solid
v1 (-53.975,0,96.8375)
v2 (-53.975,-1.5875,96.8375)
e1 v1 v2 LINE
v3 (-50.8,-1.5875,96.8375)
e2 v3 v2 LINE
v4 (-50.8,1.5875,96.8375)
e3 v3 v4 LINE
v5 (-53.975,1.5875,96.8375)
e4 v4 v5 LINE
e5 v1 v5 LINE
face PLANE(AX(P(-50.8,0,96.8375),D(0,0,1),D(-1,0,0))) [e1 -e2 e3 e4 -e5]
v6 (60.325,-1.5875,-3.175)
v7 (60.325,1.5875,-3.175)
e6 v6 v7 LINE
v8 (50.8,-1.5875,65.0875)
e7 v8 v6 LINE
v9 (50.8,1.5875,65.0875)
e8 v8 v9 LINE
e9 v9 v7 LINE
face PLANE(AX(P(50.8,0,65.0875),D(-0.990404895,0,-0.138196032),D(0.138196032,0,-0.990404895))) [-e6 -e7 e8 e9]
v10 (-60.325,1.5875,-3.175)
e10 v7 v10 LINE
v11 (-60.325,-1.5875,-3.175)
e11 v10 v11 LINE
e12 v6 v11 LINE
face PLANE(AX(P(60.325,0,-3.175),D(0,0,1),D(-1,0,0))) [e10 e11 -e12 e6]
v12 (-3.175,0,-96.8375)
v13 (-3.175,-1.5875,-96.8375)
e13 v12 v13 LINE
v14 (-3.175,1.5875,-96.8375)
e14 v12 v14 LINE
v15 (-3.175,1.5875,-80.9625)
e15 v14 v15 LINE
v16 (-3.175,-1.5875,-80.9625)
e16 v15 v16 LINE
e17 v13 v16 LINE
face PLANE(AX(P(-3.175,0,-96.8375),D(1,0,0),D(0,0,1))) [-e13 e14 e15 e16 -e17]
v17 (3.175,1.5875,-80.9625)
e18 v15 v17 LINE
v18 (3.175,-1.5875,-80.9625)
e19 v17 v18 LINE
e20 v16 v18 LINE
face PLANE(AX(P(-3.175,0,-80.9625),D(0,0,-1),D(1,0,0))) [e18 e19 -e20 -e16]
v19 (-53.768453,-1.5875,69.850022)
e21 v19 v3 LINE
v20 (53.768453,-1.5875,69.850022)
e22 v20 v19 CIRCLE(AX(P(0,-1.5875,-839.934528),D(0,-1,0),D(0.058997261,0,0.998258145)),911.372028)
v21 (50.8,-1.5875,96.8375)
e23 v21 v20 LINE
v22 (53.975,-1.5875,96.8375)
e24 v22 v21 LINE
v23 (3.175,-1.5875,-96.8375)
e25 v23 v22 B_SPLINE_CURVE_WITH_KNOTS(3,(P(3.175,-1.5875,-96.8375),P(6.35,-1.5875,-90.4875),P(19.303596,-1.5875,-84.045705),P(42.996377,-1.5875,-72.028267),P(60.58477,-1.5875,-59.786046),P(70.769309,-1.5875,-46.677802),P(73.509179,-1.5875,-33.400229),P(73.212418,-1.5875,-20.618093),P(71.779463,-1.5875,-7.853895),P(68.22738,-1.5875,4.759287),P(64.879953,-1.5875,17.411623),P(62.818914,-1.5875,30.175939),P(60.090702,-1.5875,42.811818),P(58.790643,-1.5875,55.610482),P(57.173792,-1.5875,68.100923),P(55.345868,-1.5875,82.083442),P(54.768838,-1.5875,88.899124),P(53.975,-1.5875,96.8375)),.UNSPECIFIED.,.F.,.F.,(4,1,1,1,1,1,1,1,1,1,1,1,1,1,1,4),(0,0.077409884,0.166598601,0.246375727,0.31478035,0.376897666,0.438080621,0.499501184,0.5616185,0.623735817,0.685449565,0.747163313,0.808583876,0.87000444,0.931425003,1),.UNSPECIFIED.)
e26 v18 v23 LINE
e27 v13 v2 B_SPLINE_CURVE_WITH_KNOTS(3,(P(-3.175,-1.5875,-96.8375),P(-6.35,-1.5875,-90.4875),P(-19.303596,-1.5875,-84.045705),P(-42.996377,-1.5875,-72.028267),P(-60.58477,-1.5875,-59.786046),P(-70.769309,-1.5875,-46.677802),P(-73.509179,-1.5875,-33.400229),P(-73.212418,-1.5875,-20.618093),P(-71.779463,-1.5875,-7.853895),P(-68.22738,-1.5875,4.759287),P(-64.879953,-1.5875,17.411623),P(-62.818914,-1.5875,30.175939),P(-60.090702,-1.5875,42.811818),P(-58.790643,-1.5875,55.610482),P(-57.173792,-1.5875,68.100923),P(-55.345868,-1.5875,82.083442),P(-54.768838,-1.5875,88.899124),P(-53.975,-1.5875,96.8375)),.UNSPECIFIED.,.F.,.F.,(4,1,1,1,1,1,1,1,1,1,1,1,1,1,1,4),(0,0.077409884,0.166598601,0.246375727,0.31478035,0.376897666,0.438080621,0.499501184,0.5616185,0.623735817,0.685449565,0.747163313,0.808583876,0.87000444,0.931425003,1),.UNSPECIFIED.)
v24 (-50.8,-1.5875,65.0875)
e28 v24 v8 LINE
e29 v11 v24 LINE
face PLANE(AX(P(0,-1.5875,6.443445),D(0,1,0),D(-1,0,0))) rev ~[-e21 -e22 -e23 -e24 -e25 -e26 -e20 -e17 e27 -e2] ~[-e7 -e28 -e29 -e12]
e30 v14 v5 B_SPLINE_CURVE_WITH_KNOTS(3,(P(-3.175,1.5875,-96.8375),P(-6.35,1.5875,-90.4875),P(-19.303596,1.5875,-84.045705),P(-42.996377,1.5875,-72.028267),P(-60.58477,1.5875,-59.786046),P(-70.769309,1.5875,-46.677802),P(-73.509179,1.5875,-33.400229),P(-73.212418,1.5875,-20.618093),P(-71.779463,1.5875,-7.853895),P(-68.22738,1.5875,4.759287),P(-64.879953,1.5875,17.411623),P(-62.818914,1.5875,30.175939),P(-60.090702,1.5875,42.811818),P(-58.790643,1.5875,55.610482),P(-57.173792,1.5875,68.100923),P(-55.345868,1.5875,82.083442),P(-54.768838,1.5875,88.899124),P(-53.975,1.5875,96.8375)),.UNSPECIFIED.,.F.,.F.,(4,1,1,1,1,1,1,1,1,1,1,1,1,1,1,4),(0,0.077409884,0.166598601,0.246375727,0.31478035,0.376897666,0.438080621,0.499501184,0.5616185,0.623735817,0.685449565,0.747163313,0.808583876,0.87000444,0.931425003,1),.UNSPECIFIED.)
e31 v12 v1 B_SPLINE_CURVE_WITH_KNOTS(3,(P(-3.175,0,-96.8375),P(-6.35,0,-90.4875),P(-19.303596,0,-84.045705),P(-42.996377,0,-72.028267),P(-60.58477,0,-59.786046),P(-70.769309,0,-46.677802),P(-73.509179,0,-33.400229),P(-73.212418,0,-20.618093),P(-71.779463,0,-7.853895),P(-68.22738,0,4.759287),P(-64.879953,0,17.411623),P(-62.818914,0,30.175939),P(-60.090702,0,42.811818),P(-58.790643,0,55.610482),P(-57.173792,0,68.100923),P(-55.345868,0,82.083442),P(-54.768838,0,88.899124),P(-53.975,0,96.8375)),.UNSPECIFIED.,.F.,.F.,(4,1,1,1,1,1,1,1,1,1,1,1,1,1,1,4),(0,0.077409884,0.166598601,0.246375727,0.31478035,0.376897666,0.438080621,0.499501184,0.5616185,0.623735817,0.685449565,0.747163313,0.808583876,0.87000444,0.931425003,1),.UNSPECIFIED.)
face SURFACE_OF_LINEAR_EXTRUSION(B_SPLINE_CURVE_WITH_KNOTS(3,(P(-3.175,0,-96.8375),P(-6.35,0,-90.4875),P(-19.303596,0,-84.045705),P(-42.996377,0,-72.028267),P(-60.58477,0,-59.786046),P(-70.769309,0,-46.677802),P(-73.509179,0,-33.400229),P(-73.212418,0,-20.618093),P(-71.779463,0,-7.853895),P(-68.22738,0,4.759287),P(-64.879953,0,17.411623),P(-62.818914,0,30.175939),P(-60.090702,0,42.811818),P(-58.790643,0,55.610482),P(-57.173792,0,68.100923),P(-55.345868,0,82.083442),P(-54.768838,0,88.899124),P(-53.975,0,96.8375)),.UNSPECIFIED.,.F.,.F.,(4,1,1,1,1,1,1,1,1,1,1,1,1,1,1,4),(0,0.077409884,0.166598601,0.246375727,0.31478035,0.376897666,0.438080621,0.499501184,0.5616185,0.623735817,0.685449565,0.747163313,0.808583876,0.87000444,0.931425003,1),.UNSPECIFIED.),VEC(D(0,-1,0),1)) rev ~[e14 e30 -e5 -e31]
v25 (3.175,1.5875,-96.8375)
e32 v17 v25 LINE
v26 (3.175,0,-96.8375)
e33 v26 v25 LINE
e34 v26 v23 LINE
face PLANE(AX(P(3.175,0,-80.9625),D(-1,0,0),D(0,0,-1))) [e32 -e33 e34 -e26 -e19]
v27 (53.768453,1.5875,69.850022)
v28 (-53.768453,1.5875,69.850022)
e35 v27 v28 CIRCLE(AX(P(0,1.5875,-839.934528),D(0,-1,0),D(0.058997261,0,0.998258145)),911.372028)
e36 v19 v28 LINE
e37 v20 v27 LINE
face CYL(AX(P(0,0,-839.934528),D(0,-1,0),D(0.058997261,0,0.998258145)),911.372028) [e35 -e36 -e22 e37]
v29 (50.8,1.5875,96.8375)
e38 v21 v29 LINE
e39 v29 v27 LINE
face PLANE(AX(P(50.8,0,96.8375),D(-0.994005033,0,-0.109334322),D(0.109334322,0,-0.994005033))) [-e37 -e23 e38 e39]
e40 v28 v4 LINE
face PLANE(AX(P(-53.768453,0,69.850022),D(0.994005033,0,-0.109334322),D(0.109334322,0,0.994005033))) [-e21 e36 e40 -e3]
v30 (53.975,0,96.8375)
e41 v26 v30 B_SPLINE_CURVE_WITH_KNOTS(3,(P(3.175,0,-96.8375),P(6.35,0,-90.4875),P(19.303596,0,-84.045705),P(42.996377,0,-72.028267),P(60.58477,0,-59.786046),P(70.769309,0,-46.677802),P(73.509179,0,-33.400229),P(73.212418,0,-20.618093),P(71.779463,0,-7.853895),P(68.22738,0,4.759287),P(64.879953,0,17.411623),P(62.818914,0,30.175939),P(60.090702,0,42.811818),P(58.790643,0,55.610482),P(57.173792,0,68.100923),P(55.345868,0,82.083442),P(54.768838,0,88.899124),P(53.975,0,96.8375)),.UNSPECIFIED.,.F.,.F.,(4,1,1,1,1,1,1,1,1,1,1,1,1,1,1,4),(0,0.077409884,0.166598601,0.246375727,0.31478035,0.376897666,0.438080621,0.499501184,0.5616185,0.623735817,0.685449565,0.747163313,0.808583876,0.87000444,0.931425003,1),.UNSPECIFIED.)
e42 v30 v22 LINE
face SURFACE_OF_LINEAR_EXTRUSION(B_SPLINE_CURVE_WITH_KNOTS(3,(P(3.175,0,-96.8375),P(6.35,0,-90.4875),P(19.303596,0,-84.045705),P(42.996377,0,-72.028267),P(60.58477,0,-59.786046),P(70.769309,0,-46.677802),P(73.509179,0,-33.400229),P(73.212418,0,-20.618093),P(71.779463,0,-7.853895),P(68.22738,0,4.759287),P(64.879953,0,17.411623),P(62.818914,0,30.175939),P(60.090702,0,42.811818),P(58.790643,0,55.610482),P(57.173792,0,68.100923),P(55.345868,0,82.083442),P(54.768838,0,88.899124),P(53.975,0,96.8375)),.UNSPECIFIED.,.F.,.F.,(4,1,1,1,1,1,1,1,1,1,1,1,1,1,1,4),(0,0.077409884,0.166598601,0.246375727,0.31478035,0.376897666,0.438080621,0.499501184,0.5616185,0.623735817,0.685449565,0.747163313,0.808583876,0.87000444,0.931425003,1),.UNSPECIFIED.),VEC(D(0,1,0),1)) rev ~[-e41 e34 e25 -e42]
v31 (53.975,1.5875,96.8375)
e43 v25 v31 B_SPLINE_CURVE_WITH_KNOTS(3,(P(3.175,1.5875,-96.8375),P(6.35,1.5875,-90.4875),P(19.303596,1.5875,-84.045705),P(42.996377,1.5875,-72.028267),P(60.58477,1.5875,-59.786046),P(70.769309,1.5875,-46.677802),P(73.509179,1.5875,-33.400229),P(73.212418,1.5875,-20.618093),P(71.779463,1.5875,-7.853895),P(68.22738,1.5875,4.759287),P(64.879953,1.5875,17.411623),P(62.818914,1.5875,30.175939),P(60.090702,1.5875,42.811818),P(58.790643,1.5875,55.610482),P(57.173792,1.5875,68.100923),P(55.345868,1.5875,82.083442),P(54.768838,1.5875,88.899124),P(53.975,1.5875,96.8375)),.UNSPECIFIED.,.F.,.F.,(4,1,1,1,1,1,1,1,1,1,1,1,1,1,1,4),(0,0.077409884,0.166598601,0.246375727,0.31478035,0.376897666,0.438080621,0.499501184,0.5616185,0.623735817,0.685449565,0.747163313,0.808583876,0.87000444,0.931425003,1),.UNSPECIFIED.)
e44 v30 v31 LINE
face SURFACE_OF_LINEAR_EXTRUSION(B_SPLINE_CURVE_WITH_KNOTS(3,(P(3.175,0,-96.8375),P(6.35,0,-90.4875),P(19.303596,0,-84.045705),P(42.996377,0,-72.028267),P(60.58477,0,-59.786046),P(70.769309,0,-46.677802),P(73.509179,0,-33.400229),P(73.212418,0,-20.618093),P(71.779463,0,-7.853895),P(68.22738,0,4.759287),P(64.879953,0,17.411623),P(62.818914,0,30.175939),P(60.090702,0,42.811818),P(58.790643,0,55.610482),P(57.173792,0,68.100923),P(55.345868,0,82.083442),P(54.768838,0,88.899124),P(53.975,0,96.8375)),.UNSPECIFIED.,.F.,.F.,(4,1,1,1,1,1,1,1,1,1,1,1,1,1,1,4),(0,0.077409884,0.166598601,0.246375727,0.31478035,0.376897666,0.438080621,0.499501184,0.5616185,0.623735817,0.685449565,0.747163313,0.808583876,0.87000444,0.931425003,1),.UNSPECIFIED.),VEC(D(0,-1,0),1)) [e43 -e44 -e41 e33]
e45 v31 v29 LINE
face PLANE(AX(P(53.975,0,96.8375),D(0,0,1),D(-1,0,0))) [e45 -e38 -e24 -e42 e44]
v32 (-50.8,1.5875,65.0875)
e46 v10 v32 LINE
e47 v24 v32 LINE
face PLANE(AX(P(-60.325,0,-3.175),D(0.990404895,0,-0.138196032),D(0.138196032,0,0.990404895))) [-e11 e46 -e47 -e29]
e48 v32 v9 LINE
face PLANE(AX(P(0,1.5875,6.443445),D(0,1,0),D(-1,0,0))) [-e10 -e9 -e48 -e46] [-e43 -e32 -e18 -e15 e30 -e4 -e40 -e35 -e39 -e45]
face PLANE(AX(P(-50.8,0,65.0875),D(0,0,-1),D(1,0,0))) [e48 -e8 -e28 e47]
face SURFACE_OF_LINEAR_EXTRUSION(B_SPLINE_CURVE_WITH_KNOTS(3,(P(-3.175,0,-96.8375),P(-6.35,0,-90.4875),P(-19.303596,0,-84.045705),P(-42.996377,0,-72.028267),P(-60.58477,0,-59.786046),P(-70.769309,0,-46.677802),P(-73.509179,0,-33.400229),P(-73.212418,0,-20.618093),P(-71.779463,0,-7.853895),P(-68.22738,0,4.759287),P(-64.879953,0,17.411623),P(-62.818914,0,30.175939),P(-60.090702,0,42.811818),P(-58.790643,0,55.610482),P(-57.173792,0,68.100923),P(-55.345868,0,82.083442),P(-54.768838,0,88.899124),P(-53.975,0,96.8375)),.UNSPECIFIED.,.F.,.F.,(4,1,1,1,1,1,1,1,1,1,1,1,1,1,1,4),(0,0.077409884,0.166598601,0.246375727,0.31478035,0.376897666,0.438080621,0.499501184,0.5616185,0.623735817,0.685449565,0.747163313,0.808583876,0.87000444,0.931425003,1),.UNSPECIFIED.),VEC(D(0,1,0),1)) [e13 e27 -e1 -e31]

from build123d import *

# Parameters (mm, degrees)
F1_DEPTH = 1.5875


with BuildPart() as f1:
    # F0 (on Front) → F1 (new body, symmetric)
    with BuildSketch(Plane.XZ):
        with BuildLine():
            add(Edge.make_bspline(
                [(-3.175, -96.8375), (-6.35, -90.4875), (-19.3035960047, -84.0457052753), (-42.9963767104, -72.028266973), (-60.5847704262, -59.7860464389), (-70.769309228, -46.6778017088), (-73.509178981, -33.4002292728), (-73.2124178103, -20.6180932858), (-71.7794627894, -7.8538952312), (-68.2273797164, 4.7592871668), (-64.8799525796, 17.4116234571), (-62.8189137976, 30.1759385822), (-60.0907022584, 42.8118176818), (-58.7906427253, 55.6104818232), (-57.1737921245, 68.1009229726), (-55.345867651, 82.0834416519), (-54.7688376161, 88.899123839), (-53.975, 96.8375)],
                knots=[0, 0, 0, 0, 0.077409884, 0.1665986009, 0.2463757269, 0.3147803501, 0.3768976662, 0.4380806212, 0.4995011843, 0.5616185005, 0.6237358166, 0.685449565, 0.7471633134, 0.8085838765, 0.8700044397, 0.9314250028, 1, 1, 1, 1], degree=3))
            Line((-3.175, -96.8375), (-3.175, -80.9625))
            Line((-3.175, -80.9625), (0, -80.9625))
            Line((0, -80.9625), (3.175, -80.9625))
            Line((3.175, -80.9625), (3.175, -96.8375))
            add(Edge.make_bspline(
                [(3.175, -96.8375), (6.35, -90.4875), (19.3035960047, -84.0457052753), (42.9963767104, -72.028266973), (60.5847704262, -59.7860464389), (70.769309228, -46.6778017088), (73.509178981, -33.4002292728), (73.2124178103, -20.6180932858), (71.7794627894, -7.8538952312), (68.2273797164, 4.7592871668), (64.8799525796, 17.4116234571), (62.8189137976, 30.1759385822), (60.0907022584, 42.8118176818), (58.7906427253, 55.6104818232), (57.1737921245, 68.1009229726), (55.345867651, 82.0834416519), (54.7688376161, 88.899123839), (53.975, 96.8375)],
                knots=[0, 0, 0, 0, 0.077409884, 0.1665986009, 0.2463757269, 0.3147803501, 0.3768976662, 0.4380806212, 0.4995011843, 0.5616185005, 0.6237358166, 0.685449565, 0.7471633134, 0.8085838765, 0.8700044397, 0.9314250028, 1, 1, 1, 1], degree=3))
            Line((53.975, 96.8375), (50.8, 96.8375))
            Line((50.8, 96.8375), (53.7684534246, 69.850021681))
            ThreePointArc((53.7684534246, 69.850021681), (0, 71.4375), (-53.7684534246, 69.850021681))
            Line((-53.7684534246, 69.850021681), (-50.8, 96.8375))
            Line((-50.8, 96.8375), (-53.975, 96.8375))
        make_face()
        Polygon((60.325, -3.175), (0, -3.175), (-60.325, -3.175), (-50.8, 65.0875), (0, 65.0875), (50.8, 65.0875), align=None, mode=Mode.SUBTRACT)
    extrude(amount=F1_DEPTH, both=True)


solid = f1.part
